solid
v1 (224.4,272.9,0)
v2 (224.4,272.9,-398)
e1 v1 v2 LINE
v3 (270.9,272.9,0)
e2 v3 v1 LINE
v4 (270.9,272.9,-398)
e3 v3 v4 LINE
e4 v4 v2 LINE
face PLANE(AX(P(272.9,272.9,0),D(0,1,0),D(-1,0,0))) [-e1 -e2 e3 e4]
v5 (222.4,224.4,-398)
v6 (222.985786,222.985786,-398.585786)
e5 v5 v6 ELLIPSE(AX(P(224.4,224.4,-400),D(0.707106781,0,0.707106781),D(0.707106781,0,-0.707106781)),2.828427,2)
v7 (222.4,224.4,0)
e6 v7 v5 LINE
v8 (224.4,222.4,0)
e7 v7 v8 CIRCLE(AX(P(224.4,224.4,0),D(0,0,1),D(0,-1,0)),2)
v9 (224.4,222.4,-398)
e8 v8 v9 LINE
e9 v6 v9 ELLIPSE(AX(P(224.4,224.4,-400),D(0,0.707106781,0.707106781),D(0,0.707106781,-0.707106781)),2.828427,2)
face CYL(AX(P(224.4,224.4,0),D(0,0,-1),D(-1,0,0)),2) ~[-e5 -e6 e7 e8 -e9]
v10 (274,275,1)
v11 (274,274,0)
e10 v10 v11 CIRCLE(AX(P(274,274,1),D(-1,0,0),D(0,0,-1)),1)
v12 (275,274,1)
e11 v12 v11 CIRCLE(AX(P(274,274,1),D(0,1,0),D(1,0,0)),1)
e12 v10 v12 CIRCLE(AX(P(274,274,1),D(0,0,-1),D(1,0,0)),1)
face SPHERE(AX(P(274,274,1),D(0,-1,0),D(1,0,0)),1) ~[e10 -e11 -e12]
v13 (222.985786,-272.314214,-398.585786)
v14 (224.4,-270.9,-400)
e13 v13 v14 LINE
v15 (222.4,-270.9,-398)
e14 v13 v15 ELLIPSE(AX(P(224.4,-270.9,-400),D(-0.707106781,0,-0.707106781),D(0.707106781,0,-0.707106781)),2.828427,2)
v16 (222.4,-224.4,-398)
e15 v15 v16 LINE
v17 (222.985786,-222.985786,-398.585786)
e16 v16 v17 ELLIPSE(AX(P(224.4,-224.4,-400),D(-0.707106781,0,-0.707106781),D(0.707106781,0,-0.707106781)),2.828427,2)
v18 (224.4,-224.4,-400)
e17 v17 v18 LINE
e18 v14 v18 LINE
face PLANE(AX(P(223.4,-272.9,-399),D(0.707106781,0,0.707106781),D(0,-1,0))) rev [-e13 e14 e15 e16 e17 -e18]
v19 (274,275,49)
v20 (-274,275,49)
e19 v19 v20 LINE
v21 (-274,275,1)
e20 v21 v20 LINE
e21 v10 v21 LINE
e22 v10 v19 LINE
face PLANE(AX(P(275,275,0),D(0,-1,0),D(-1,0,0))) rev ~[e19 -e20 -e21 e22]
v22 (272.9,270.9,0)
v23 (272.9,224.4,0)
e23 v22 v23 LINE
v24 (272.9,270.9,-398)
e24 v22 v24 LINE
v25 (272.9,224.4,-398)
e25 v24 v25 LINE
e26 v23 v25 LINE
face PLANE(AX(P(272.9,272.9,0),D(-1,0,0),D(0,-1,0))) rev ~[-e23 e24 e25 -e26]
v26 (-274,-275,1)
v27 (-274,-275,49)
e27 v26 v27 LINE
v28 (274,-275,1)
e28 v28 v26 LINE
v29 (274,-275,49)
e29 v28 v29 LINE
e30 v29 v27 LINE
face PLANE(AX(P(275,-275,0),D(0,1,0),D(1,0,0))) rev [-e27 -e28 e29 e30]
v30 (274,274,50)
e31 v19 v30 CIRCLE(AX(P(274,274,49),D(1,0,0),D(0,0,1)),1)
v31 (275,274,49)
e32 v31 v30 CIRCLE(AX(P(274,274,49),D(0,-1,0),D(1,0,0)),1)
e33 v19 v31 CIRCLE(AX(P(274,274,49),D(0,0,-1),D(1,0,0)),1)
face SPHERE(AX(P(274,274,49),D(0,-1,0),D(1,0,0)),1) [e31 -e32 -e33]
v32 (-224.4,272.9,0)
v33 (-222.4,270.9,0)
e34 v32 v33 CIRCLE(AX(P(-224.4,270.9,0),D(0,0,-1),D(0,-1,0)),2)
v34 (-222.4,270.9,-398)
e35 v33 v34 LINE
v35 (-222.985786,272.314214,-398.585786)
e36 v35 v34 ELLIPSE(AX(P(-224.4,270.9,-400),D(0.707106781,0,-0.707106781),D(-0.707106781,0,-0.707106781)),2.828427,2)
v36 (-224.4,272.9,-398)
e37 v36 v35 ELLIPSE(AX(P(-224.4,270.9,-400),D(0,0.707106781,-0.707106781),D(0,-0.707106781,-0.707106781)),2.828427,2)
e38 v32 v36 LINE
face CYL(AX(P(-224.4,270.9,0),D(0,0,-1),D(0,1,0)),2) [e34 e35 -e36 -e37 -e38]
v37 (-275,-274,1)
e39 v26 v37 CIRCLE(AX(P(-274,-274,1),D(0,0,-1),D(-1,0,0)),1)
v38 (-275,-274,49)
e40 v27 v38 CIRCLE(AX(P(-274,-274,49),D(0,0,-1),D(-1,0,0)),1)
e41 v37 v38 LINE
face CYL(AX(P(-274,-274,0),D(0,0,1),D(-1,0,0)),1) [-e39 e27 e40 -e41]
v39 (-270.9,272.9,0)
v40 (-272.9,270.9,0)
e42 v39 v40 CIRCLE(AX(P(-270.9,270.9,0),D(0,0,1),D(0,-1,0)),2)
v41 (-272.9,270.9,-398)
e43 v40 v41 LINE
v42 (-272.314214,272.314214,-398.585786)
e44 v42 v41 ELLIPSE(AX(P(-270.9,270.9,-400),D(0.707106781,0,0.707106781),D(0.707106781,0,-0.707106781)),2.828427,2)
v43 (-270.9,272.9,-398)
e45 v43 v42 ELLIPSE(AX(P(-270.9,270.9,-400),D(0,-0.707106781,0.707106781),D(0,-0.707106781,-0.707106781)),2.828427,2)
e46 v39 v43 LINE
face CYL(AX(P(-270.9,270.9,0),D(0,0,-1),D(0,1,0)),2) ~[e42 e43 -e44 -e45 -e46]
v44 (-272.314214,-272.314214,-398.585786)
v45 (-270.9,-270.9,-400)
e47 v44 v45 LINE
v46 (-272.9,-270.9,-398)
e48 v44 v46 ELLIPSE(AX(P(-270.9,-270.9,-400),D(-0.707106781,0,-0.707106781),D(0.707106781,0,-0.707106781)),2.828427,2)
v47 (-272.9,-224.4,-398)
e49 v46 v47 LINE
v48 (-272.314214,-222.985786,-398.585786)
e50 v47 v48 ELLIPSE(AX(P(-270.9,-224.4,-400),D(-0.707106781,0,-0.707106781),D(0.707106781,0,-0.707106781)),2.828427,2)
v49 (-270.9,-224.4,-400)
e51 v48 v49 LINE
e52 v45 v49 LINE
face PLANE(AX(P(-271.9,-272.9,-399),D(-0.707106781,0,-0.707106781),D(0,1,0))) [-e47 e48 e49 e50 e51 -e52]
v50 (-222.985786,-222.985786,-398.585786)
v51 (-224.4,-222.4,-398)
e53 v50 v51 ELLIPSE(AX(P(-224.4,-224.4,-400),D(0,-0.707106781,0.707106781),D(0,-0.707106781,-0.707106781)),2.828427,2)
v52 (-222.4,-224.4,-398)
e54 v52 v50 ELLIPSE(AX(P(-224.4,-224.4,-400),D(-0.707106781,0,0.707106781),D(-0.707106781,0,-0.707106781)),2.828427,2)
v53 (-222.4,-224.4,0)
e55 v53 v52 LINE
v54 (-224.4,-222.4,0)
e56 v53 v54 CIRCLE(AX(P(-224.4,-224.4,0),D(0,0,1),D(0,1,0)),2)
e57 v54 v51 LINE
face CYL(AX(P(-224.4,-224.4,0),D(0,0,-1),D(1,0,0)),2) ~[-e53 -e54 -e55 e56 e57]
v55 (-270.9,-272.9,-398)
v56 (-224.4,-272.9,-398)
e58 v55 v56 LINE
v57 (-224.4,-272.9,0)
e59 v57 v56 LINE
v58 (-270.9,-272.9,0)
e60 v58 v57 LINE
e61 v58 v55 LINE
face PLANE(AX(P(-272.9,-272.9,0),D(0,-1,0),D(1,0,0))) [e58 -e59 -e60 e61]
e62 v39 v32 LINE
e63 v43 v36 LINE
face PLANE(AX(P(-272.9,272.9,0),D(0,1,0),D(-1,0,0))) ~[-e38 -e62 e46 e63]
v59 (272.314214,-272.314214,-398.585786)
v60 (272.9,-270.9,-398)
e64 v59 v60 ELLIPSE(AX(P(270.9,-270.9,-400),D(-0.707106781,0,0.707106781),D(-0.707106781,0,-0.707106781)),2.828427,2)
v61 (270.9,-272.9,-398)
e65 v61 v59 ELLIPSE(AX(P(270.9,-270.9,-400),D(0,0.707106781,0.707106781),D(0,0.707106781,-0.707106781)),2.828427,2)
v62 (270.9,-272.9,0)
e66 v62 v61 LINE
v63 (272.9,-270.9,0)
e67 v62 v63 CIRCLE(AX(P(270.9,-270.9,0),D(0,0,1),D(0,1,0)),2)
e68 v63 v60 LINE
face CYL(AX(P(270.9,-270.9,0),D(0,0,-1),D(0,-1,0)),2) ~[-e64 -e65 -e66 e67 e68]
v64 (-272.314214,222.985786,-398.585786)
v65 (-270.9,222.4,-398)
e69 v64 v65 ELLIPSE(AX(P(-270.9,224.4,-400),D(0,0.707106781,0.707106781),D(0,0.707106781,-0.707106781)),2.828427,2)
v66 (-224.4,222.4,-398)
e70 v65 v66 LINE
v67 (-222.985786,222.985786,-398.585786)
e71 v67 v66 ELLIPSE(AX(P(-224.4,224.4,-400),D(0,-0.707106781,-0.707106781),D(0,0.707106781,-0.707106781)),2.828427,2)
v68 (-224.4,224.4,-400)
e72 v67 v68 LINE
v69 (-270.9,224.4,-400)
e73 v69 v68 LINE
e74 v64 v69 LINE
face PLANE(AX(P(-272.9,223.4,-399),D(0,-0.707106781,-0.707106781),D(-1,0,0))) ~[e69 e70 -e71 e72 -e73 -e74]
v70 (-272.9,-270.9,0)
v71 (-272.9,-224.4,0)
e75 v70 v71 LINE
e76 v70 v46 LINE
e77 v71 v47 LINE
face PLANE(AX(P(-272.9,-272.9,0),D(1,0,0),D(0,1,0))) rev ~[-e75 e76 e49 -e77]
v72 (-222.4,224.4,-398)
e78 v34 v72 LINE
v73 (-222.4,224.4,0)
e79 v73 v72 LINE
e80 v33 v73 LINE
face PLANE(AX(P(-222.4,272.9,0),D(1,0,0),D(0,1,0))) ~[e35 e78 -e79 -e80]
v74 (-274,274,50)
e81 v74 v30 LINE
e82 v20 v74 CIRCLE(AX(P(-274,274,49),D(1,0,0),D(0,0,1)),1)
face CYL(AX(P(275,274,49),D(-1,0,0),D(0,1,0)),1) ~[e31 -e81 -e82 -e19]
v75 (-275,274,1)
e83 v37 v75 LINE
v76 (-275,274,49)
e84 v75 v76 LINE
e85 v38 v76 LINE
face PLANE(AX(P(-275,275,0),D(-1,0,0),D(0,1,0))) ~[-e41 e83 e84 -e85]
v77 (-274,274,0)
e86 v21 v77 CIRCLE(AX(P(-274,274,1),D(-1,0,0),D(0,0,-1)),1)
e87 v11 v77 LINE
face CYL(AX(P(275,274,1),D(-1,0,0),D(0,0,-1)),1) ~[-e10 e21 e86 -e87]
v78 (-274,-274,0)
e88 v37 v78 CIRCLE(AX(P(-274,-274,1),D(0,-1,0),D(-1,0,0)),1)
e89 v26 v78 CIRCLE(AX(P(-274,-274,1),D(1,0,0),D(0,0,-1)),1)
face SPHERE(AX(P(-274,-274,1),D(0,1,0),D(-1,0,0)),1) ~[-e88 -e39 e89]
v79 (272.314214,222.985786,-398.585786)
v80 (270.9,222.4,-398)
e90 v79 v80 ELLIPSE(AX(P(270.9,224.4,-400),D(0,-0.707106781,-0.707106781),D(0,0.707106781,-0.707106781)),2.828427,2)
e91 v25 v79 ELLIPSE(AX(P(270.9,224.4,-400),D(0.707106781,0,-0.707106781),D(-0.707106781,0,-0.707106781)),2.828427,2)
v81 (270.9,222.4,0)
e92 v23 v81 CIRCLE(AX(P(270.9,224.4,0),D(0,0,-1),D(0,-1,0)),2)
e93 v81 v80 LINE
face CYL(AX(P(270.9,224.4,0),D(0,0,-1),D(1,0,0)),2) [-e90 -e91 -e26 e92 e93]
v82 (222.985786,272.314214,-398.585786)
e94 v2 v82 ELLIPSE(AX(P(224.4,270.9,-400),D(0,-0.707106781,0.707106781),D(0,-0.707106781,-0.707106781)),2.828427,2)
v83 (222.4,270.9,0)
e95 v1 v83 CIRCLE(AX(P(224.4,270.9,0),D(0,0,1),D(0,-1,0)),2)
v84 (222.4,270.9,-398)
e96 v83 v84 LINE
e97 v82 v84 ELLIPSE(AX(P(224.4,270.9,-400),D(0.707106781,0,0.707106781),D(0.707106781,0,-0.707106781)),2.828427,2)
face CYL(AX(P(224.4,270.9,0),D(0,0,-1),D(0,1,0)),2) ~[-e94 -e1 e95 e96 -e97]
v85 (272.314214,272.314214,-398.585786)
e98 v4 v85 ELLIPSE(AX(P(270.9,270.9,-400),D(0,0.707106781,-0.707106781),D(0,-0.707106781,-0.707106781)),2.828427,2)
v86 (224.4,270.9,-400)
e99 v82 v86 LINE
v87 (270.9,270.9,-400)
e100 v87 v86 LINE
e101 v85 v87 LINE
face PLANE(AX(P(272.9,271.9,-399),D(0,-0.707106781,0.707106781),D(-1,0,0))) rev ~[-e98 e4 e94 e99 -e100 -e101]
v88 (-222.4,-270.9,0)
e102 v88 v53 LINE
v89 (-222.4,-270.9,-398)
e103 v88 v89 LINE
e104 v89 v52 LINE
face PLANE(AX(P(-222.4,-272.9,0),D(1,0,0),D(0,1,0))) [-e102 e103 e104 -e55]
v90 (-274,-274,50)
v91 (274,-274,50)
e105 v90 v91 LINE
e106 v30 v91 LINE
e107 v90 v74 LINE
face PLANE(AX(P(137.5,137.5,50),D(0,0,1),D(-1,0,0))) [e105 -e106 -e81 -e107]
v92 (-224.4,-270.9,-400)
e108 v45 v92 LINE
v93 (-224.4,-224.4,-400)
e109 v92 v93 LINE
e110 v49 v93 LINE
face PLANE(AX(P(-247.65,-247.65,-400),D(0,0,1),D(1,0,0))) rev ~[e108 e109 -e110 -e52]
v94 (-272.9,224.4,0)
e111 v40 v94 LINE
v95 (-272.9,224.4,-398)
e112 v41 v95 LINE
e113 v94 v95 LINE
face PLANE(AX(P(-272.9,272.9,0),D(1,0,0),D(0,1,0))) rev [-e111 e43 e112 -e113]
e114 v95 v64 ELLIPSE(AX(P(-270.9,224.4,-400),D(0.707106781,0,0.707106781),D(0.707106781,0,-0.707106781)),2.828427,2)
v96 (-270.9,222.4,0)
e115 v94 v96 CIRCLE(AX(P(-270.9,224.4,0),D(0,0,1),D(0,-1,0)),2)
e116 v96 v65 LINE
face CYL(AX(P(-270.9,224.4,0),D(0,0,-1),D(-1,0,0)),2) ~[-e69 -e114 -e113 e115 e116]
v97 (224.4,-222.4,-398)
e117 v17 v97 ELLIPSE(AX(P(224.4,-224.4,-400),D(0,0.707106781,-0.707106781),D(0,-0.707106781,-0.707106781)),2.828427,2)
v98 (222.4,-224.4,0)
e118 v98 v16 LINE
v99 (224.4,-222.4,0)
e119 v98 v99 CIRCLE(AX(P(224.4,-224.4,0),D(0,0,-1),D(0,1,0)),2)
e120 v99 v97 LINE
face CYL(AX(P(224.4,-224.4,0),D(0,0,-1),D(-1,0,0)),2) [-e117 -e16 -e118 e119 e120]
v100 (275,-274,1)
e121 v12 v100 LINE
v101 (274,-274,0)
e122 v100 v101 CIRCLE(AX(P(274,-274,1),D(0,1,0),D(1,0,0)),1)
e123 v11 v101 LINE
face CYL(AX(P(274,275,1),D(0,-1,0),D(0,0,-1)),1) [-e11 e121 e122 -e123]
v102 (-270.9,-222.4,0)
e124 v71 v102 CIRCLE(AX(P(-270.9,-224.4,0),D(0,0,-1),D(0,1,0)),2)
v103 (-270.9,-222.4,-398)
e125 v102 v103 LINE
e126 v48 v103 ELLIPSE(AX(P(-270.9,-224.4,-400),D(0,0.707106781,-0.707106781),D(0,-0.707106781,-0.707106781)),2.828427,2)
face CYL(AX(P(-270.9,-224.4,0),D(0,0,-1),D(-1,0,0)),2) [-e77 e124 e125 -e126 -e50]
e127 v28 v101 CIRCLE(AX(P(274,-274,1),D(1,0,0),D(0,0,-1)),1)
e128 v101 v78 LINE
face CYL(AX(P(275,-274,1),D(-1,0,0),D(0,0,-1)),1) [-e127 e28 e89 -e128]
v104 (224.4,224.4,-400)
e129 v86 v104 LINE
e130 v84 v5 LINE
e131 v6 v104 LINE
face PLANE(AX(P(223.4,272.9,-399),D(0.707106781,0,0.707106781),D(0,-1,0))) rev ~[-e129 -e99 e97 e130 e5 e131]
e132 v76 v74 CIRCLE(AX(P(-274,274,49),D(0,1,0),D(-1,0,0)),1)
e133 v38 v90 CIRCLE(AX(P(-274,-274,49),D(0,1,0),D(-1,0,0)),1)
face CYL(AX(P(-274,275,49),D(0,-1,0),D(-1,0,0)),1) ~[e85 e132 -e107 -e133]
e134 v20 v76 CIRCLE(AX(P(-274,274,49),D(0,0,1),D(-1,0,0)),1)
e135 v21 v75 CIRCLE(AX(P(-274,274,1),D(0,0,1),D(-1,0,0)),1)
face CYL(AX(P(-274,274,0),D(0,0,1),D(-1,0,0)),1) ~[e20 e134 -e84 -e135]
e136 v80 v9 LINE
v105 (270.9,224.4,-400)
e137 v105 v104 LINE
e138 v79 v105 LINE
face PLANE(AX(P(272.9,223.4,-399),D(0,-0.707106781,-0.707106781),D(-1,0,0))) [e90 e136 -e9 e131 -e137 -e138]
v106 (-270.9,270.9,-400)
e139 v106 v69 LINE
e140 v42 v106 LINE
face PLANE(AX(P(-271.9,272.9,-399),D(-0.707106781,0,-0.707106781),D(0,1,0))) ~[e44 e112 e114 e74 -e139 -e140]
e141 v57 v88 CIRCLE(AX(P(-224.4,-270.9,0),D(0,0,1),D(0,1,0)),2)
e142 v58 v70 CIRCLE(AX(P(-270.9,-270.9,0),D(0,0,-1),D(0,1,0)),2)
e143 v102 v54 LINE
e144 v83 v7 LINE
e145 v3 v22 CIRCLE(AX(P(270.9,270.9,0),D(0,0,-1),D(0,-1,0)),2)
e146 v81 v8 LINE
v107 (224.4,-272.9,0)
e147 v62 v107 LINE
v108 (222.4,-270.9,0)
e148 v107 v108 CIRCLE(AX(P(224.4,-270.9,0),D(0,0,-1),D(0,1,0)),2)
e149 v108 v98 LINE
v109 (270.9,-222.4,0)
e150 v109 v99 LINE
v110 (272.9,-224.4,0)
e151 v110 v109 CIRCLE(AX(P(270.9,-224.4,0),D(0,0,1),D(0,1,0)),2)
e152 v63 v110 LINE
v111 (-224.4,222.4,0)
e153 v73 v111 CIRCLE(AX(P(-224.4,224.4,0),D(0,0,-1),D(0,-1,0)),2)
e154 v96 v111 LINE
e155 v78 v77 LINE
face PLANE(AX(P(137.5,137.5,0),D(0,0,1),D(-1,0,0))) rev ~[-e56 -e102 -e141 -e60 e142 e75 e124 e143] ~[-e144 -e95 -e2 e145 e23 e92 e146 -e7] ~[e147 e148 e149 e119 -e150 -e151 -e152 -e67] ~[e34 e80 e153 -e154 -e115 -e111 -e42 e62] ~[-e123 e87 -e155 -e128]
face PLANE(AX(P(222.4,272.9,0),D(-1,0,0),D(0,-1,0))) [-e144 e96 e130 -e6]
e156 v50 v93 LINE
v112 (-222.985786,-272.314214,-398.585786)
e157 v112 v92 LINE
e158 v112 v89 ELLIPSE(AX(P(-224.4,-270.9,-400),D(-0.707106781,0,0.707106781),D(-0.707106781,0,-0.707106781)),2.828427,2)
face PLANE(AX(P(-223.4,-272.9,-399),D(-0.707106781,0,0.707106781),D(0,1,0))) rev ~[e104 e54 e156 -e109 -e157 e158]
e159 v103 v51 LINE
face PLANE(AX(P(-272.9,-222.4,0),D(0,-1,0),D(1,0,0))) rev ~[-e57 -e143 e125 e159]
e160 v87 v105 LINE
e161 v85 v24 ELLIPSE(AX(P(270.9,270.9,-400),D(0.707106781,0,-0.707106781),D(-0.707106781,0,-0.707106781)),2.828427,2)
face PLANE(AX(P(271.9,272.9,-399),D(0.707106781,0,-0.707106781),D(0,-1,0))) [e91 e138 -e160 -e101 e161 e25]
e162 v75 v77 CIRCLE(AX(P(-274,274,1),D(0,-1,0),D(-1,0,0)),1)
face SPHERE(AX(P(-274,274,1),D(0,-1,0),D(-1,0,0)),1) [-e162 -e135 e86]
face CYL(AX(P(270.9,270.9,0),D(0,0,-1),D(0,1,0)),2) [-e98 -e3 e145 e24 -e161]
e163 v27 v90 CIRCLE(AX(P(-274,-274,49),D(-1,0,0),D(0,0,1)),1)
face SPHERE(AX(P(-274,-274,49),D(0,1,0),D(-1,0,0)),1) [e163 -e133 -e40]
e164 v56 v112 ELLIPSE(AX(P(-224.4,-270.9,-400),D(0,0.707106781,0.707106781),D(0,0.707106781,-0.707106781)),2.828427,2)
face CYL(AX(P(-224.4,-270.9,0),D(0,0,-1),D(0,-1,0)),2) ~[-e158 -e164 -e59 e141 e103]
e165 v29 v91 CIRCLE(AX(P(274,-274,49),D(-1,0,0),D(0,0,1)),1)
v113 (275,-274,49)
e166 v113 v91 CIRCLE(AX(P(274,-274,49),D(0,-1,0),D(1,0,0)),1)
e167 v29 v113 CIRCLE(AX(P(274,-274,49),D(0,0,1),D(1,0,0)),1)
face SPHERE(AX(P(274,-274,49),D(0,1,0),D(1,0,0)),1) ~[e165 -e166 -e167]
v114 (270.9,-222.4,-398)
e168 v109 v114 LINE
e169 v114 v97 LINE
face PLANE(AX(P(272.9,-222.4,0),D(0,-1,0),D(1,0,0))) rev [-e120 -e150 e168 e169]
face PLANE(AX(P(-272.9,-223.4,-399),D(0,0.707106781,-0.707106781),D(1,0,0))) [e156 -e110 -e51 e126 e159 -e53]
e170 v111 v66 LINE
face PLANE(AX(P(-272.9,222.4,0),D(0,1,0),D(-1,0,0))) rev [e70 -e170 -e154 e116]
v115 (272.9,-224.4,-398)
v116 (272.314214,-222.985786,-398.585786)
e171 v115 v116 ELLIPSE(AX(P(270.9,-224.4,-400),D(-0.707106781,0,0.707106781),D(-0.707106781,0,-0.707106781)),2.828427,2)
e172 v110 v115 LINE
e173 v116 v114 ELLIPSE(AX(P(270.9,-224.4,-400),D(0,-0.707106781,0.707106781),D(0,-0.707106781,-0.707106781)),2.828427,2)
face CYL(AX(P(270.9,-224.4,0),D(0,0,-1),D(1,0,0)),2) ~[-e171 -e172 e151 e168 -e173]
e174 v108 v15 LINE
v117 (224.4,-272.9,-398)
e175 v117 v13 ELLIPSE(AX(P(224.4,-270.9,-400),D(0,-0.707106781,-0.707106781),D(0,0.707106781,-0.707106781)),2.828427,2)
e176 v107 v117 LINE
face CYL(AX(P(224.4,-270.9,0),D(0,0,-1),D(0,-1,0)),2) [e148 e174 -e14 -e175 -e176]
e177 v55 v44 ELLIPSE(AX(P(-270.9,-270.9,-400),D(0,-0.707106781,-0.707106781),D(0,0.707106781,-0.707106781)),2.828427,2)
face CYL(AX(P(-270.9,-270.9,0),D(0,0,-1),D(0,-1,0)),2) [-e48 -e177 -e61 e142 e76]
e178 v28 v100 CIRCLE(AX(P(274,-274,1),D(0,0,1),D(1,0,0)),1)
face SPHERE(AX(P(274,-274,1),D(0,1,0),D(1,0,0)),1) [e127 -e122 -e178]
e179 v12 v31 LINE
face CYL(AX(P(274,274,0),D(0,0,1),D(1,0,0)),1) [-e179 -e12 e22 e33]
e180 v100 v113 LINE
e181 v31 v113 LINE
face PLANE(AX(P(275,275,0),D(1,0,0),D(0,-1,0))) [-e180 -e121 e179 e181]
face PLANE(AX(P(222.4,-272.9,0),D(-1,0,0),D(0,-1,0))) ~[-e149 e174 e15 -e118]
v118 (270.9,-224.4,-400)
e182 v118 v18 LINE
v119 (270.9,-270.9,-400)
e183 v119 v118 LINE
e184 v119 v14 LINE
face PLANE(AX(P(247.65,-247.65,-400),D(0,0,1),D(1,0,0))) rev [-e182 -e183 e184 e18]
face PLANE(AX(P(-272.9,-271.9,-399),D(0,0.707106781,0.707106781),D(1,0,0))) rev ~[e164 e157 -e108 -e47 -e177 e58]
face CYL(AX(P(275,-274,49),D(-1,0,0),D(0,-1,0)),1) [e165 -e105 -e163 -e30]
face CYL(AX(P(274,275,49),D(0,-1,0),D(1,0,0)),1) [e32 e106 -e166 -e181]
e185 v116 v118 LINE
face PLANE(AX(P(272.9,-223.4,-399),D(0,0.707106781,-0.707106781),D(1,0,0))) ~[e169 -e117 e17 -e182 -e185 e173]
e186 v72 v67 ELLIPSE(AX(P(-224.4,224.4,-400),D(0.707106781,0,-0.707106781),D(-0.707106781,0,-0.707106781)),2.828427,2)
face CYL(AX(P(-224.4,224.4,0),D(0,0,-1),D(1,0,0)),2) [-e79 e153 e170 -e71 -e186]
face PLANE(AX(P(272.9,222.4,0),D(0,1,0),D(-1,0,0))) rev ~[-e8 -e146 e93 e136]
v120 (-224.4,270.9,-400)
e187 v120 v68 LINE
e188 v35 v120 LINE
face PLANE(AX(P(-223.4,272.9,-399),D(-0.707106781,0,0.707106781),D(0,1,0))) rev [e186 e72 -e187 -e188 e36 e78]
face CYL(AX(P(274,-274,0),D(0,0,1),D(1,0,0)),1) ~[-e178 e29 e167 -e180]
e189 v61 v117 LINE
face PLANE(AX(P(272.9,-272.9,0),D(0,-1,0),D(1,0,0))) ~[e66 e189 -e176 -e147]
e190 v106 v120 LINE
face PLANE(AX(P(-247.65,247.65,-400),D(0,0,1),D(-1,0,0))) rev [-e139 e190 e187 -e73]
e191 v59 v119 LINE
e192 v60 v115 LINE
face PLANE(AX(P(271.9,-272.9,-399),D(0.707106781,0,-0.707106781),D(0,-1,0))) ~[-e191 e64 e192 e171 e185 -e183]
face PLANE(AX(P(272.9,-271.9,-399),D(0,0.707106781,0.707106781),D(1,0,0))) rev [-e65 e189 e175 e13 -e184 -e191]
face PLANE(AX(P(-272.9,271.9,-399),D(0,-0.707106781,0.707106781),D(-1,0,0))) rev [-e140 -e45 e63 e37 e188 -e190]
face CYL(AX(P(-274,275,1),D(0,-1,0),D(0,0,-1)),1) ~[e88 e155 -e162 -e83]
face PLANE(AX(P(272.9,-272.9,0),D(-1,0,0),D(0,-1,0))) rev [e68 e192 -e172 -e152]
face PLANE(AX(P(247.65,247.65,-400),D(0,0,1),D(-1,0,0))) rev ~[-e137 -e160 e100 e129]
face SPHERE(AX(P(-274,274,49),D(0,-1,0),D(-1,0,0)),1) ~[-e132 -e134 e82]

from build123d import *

# Parameters (mm, degrees)
F0_W     = 275
F0_H     = 275
F0_W_2   = 50.5
F0_H_2   = 50.5
F1_DEPTH = 50
F2_DEPTH = 400
F3_SIZE  = 2
F4_R     = 2
F5_R     = 1


with BuildPart() as f1:
    # F0 (on Top) → F1 (new body)
    with BuildSketch(Plane.XY):
        with Locations((-137.5, -137.5)):
            Rectangle(F0_W, F0_H)
        with Locations((-247.65, -247.65)):
            Rectangle(F0_W_2, F0_H_2, mode=Mode.SUBTRACT)
        with Locations((-247.65, -247.65)):
            Rectangle(F0_W_2, F0_H_2)
    extrude(amount=F1_DEPTH)

    # F0 (on Top) → F2 (join)
    with BuildSketch(Plane.XY):
        with Locations((-247.65, -247.65)):
            Rectangle(F0_W_2, F0_H_2)
    extrude(amount=-F2_DEPTH)

    # F3
    f3_edges = [f1.edges().sort_by_distance(p)[0] for p in [
        (-272.9, -247.65, -400),
        (-247.65, -272.9, -400),
        (-222.4, -247.65, -400),
        (-247.65, -222.4, -400),
    ]]
    chamfer(f3_edges, length=F3_SIZE)

    # F4
    f4_edges = [f1.edges().sort_by_distance(p)[0] for p in [
        (-272.9, -272.9, -199),
        (-222.4, -272.9, -199),
        (-272.9, -222.4, -199),
        (-222.4, -222.4, -199),
    ]]
    fillet(f4_edges, radius=F4_R)

    # F5
    f5_edges = [f1.edges().sort_by_distance(p)[0] for p in [
        (-275, -137.5, 50),
        (-275, -137.5, 0),
        (-275, -275, 25),
        (-137.5, -275, 50),
        (-137.5, -275, 0),
    ]]
    fillet(f5_edges, radius=F5_R)

    # F6: F1 across face


with BuildPart() as f1_1:
    add(f1.part)
    add(f1.part.mirror(Plane(origin=(0, -137.4957148019, 25), x_dir=(0, 1, 0), z_dir=(1, 0, 0))))

    # F7: F1 across face


with BuildPart() as f1_2:
    add(f1_1.part)
    add(f1_1.part.mirror(Plane(origin=(0, 0, 25), x_dir=(-1, 0, 0), z_dir=(0, 1, 0))))


solid = f1_2.part
